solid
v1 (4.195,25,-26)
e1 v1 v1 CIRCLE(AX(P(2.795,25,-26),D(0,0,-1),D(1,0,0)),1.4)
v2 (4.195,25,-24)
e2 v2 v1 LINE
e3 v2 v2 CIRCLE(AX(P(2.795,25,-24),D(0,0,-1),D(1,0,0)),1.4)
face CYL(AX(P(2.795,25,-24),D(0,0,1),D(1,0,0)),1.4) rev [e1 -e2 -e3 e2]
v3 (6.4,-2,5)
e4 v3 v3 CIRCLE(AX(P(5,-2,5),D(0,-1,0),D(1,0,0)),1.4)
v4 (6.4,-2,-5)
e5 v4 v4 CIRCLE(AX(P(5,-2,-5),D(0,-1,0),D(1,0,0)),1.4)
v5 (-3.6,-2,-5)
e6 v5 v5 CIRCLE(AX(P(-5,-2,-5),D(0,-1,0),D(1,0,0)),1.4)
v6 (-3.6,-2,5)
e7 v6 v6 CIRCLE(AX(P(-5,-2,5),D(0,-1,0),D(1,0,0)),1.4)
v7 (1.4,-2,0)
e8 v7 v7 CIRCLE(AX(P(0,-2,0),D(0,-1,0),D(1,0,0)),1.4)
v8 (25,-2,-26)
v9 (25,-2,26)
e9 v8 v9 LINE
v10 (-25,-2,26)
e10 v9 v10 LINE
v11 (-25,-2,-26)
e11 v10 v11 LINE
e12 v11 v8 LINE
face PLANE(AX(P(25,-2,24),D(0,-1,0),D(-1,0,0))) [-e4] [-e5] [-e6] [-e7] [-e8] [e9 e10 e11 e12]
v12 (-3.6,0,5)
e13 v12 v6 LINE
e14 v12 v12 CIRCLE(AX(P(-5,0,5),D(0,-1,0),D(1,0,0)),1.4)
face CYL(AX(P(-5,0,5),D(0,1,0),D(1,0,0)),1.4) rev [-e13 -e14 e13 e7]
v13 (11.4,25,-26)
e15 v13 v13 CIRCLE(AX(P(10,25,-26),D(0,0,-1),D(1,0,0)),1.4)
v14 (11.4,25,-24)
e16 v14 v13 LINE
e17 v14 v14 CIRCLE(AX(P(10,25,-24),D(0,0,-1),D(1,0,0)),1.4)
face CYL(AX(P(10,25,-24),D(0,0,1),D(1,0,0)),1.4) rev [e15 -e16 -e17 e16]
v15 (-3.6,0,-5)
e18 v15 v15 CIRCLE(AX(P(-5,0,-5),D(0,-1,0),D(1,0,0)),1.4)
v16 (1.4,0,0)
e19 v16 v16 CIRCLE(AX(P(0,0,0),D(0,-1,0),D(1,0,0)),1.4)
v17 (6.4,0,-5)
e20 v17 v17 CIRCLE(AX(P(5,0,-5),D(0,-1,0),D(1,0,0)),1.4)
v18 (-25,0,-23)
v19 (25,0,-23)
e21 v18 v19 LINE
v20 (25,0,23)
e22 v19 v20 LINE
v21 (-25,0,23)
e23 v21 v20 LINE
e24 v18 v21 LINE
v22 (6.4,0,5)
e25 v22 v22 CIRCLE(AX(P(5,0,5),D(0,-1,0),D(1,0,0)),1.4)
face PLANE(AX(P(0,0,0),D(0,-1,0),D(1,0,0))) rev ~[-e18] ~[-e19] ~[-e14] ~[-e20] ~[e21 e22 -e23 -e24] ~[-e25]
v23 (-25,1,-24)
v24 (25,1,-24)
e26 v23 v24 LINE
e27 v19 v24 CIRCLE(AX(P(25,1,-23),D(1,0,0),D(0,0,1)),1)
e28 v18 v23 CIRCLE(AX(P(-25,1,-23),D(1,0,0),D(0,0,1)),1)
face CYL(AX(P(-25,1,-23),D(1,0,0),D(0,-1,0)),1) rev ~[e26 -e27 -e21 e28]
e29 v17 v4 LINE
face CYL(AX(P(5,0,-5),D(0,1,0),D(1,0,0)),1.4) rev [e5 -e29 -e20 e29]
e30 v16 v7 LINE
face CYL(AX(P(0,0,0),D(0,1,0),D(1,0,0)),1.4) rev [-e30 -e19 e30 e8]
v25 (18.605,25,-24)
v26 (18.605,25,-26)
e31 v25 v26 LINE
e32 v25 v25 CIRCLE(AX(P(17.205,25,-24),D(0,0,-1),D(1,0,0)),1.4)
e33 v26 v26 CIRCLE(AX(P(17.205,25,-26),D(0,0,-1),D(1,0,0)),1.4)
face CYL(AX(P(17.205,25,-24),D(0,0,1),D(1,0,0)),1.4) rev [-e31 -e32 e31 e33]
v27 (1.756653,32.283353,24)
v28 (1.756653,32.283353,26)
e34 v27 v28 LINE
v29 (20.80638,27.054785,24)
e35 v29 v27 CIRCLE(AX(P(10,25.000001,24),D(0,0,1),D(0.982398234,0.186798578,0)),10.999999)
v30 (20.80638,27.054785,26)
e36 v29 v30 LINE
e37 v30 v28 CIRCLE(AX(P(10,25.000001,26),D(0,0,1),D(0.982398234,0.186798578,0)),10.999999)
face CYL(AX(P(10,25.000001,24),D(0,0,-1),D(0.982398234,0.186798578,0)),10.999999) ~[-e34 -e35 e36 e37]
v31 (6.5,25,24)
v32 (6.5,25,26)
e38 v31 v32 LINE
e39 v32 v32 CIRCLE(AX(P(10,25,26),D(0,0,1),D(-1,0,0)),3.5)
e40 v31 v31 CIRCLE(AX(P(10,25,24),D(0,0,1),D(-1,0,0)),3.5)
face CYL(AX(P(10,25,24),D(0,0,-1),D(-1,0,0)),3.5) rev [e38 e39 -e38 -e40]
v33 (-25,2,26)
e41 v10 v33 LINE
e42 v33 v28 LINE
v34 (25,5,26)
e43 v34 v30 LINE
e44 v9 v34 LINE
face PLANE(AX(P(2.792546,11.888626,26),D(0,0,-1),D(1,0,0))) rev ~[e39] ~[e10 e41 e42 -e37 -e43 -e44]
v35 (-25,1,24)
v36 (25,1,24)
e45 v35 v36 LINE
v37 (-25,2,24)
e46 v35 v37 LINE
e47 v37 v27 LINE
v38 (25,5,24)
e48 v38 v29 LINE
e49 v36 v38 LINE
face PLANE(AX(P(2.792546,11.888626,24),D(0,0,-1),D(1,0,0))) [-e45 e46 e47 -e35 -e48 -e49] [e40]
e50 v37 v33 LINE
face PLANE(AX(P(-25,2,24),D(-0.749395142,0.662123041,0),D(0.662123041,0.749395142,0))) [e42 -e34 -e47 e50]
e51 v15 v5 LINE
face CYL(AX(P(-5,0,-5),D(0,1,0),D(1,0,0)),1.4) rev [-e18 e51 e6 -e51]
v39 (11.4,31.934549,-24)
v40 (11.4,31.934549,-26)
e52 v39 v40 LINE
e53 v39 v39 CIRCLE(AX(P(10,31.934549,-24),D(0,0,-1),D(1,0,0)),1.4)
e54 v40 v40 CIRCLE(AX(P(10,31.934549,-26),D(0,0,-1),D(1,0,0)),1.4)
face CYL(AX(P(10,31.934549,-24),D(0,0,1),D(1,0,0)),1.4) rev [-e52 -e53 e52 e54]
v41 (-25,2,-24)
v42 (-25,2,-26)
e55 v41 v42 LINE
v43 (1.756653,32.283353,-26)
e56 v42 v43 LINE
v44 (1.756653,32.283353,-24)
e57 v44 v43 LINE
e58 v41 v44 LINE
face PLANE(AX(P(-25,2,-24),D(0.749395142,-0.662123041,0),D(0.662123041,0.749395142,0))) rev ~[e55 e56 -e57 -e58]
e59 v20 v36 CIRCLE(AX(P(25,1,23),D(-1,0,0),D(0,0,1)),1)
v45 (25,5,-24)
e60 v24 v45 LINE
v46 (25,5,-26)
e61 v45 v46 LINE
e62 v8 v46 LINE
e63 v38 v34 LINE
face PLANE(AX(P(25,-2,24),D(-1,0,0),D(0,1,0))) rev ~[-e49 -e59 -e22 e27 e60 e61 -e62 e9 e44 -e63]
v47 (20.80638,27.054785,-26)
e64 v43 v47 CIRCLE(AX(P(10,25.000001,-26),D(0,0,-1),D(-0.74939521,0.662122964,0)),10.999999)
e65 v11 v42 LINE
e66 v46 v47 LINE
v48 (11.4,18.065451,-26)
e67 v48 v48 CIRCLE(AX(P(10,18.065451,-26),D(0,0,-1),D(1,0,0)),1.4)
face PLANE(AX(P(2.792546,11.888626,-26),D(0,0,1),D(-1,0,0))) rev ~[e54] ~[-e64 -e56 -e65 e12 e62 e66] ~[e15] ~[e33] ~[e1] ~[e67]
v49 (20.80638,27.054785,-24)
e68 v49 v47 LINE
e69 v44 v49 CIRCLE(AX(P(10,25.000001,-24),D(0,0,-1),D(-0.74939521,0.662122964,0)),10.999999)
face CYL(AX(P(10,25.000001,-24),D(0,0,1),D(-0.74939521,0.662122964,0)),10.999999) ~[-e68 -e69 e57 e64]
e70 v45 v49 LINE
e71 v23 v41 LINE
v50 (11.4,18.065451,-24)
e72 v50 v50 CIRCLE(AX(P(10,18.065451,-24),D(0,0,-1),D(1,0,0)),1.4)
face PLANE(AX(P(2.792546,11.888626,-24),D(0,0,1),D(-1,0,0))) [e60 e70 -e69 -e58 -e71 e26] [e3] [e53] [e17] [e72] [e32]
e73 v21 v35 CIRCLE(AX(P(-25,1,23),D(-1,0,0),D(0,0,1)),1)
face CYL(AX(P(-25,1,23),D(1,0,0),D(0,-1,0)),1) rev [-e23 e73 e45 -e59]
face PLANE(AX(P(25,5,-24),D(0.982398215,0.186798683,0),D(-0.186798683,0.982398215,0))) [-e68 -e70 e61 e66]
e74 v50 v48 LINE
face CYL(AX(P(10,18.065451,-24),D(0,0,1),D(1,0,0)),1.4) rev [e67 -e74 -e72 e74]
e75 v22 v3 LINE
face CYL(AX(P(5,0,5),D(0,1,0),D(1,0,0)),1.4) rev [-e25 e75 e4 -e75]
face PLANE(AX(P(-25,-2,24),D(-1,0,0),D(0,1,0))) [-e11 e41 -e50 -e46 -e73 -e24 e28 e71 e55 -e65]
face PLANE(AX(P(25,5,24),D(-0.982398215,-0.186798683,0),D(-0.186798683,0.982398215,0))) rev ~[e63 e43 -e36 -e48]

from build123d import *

# Parameters (mm, degrees)
SKETCH_W     = 50
SKETCH_H     = 48
SKETCH_R     = 1.4
PAD_DEPTH    = 2
SKETCH003_R  = 1.4
PAD001_DEPTH = 2
SKETCH004_R  = 3.5
PAD002_DEPTH = 2
FILLET_R     = 1
FILLET001_R  = 1


with BuildPart() as part:
    # Sketch → Pad (new body)
    with BuildSketch(Plane.XZ):
        Rectangle(SKETCH_W, SKETCH_H)
        with Locations((-5, 5)):
            Circle(SKETCH_R, mode=Mode.SUBTRACT)
        with Locations((5, 5)):
            Circle(SKETCH_R, mode=Mode.SUBTRACT)
        with Locations((-5, -5)):
            Circle(SKETCH_R, mode=Mode.SUBTRACT)
        with Locations((5, -5)):
            Circle(SKETCH_R, mode=Mode.SUBTRACT)
        Circle(SKETCH_R, mode=Mode.SUBTRACT)
    extrude(amount=PAD_DEPTH)

    # Sketch003 (on Face3 of Pad) → Pad001 (join)
    with BuildSketch(Plane(origin=(0, 0, -24), x_dir=(1, 0, 0), z_dir=(0, 0, -1))):
        with BuildLine():
            Line((-25, 0), (-25, 2))
            Line((-25, 2), (25, 2))
            Line((25, 2), (25, 0))
            Line((25, 0), (25, -5))
            Line((25, -5), (20.80638, -27.054785))
            ThreePointArc((1.756653, -32.283353), (12.911489, -35.607697), (20.80638, -27.054785))
            Line((-25, -2), (1.756653, -32.283353))
            Line((-25, 0), (-25, -2))
        make_face()
        with Locations((10, -31.934549)):
            Circle(SKETCH003_R, mode=Mode.SUBTRACT)
        with Locations((17.205, -25)):
            Circle(SKETCH003_R, mode=Mode.SUBTRACT)
        with Locations((10, -25)):
            Circle(SKETCH003_R, mode=Mode.SUBTRACT)
        with Locations((2.795, -25)):
            Circle(SKETCH003_R, mode=Mode.SUBTRACT)
        with Locations((10, -18.065451)):
            Circle(SKETCH003_R, mode=Mode.SUBTRACT)
    extrude(amount=PAD001_DEPTH)

    # Sketch004 (on Face1 of Pad) → Pad002 (join)
    with BuildSketch(Plane(origin=(0, 0, 24), x_dir=(-1, 0, 0), z_dir=(0, 0, 1))):
        with BuildLine():
            Line((-25, 2), (25, 2))
            Line((25, 2), (25, 0))
            Line((25, 0), (25, -2))
            Line((25, -2), (-1.756653, -32.283353))
            ThreePointArc((-20.80638, -27.054785), (-12.911489, -35.607697), (-1.756653, -32.283353))
            Line((-25, -5), (-20.80638, -27.054785))
            Line((-25, 0), (-25, -5))
            Line((-25, 0), (-25, 2))
        make_face()
        with Locations((-10, -25)):
            Circle(SKETCH004_R, mode=Mode.SUBTRACT)
    extrude(amount=PAD002_DEPTH)

    # Fillet
    fillet_edges = [part.edges().sort_by_distance(p)[0] for p in [
        (0, 0, 24),
    ]]
    fillet(fillet_edges, radius=FILLET_R)

    # Fillet001
    fillet001_edges = [part.edges().sort_by_distance(p)[0] for p in [
        (0, 0, -24),
    ]]
    fillet(fillet001_edges, radius=FILLET001_R)


solid = part.part
